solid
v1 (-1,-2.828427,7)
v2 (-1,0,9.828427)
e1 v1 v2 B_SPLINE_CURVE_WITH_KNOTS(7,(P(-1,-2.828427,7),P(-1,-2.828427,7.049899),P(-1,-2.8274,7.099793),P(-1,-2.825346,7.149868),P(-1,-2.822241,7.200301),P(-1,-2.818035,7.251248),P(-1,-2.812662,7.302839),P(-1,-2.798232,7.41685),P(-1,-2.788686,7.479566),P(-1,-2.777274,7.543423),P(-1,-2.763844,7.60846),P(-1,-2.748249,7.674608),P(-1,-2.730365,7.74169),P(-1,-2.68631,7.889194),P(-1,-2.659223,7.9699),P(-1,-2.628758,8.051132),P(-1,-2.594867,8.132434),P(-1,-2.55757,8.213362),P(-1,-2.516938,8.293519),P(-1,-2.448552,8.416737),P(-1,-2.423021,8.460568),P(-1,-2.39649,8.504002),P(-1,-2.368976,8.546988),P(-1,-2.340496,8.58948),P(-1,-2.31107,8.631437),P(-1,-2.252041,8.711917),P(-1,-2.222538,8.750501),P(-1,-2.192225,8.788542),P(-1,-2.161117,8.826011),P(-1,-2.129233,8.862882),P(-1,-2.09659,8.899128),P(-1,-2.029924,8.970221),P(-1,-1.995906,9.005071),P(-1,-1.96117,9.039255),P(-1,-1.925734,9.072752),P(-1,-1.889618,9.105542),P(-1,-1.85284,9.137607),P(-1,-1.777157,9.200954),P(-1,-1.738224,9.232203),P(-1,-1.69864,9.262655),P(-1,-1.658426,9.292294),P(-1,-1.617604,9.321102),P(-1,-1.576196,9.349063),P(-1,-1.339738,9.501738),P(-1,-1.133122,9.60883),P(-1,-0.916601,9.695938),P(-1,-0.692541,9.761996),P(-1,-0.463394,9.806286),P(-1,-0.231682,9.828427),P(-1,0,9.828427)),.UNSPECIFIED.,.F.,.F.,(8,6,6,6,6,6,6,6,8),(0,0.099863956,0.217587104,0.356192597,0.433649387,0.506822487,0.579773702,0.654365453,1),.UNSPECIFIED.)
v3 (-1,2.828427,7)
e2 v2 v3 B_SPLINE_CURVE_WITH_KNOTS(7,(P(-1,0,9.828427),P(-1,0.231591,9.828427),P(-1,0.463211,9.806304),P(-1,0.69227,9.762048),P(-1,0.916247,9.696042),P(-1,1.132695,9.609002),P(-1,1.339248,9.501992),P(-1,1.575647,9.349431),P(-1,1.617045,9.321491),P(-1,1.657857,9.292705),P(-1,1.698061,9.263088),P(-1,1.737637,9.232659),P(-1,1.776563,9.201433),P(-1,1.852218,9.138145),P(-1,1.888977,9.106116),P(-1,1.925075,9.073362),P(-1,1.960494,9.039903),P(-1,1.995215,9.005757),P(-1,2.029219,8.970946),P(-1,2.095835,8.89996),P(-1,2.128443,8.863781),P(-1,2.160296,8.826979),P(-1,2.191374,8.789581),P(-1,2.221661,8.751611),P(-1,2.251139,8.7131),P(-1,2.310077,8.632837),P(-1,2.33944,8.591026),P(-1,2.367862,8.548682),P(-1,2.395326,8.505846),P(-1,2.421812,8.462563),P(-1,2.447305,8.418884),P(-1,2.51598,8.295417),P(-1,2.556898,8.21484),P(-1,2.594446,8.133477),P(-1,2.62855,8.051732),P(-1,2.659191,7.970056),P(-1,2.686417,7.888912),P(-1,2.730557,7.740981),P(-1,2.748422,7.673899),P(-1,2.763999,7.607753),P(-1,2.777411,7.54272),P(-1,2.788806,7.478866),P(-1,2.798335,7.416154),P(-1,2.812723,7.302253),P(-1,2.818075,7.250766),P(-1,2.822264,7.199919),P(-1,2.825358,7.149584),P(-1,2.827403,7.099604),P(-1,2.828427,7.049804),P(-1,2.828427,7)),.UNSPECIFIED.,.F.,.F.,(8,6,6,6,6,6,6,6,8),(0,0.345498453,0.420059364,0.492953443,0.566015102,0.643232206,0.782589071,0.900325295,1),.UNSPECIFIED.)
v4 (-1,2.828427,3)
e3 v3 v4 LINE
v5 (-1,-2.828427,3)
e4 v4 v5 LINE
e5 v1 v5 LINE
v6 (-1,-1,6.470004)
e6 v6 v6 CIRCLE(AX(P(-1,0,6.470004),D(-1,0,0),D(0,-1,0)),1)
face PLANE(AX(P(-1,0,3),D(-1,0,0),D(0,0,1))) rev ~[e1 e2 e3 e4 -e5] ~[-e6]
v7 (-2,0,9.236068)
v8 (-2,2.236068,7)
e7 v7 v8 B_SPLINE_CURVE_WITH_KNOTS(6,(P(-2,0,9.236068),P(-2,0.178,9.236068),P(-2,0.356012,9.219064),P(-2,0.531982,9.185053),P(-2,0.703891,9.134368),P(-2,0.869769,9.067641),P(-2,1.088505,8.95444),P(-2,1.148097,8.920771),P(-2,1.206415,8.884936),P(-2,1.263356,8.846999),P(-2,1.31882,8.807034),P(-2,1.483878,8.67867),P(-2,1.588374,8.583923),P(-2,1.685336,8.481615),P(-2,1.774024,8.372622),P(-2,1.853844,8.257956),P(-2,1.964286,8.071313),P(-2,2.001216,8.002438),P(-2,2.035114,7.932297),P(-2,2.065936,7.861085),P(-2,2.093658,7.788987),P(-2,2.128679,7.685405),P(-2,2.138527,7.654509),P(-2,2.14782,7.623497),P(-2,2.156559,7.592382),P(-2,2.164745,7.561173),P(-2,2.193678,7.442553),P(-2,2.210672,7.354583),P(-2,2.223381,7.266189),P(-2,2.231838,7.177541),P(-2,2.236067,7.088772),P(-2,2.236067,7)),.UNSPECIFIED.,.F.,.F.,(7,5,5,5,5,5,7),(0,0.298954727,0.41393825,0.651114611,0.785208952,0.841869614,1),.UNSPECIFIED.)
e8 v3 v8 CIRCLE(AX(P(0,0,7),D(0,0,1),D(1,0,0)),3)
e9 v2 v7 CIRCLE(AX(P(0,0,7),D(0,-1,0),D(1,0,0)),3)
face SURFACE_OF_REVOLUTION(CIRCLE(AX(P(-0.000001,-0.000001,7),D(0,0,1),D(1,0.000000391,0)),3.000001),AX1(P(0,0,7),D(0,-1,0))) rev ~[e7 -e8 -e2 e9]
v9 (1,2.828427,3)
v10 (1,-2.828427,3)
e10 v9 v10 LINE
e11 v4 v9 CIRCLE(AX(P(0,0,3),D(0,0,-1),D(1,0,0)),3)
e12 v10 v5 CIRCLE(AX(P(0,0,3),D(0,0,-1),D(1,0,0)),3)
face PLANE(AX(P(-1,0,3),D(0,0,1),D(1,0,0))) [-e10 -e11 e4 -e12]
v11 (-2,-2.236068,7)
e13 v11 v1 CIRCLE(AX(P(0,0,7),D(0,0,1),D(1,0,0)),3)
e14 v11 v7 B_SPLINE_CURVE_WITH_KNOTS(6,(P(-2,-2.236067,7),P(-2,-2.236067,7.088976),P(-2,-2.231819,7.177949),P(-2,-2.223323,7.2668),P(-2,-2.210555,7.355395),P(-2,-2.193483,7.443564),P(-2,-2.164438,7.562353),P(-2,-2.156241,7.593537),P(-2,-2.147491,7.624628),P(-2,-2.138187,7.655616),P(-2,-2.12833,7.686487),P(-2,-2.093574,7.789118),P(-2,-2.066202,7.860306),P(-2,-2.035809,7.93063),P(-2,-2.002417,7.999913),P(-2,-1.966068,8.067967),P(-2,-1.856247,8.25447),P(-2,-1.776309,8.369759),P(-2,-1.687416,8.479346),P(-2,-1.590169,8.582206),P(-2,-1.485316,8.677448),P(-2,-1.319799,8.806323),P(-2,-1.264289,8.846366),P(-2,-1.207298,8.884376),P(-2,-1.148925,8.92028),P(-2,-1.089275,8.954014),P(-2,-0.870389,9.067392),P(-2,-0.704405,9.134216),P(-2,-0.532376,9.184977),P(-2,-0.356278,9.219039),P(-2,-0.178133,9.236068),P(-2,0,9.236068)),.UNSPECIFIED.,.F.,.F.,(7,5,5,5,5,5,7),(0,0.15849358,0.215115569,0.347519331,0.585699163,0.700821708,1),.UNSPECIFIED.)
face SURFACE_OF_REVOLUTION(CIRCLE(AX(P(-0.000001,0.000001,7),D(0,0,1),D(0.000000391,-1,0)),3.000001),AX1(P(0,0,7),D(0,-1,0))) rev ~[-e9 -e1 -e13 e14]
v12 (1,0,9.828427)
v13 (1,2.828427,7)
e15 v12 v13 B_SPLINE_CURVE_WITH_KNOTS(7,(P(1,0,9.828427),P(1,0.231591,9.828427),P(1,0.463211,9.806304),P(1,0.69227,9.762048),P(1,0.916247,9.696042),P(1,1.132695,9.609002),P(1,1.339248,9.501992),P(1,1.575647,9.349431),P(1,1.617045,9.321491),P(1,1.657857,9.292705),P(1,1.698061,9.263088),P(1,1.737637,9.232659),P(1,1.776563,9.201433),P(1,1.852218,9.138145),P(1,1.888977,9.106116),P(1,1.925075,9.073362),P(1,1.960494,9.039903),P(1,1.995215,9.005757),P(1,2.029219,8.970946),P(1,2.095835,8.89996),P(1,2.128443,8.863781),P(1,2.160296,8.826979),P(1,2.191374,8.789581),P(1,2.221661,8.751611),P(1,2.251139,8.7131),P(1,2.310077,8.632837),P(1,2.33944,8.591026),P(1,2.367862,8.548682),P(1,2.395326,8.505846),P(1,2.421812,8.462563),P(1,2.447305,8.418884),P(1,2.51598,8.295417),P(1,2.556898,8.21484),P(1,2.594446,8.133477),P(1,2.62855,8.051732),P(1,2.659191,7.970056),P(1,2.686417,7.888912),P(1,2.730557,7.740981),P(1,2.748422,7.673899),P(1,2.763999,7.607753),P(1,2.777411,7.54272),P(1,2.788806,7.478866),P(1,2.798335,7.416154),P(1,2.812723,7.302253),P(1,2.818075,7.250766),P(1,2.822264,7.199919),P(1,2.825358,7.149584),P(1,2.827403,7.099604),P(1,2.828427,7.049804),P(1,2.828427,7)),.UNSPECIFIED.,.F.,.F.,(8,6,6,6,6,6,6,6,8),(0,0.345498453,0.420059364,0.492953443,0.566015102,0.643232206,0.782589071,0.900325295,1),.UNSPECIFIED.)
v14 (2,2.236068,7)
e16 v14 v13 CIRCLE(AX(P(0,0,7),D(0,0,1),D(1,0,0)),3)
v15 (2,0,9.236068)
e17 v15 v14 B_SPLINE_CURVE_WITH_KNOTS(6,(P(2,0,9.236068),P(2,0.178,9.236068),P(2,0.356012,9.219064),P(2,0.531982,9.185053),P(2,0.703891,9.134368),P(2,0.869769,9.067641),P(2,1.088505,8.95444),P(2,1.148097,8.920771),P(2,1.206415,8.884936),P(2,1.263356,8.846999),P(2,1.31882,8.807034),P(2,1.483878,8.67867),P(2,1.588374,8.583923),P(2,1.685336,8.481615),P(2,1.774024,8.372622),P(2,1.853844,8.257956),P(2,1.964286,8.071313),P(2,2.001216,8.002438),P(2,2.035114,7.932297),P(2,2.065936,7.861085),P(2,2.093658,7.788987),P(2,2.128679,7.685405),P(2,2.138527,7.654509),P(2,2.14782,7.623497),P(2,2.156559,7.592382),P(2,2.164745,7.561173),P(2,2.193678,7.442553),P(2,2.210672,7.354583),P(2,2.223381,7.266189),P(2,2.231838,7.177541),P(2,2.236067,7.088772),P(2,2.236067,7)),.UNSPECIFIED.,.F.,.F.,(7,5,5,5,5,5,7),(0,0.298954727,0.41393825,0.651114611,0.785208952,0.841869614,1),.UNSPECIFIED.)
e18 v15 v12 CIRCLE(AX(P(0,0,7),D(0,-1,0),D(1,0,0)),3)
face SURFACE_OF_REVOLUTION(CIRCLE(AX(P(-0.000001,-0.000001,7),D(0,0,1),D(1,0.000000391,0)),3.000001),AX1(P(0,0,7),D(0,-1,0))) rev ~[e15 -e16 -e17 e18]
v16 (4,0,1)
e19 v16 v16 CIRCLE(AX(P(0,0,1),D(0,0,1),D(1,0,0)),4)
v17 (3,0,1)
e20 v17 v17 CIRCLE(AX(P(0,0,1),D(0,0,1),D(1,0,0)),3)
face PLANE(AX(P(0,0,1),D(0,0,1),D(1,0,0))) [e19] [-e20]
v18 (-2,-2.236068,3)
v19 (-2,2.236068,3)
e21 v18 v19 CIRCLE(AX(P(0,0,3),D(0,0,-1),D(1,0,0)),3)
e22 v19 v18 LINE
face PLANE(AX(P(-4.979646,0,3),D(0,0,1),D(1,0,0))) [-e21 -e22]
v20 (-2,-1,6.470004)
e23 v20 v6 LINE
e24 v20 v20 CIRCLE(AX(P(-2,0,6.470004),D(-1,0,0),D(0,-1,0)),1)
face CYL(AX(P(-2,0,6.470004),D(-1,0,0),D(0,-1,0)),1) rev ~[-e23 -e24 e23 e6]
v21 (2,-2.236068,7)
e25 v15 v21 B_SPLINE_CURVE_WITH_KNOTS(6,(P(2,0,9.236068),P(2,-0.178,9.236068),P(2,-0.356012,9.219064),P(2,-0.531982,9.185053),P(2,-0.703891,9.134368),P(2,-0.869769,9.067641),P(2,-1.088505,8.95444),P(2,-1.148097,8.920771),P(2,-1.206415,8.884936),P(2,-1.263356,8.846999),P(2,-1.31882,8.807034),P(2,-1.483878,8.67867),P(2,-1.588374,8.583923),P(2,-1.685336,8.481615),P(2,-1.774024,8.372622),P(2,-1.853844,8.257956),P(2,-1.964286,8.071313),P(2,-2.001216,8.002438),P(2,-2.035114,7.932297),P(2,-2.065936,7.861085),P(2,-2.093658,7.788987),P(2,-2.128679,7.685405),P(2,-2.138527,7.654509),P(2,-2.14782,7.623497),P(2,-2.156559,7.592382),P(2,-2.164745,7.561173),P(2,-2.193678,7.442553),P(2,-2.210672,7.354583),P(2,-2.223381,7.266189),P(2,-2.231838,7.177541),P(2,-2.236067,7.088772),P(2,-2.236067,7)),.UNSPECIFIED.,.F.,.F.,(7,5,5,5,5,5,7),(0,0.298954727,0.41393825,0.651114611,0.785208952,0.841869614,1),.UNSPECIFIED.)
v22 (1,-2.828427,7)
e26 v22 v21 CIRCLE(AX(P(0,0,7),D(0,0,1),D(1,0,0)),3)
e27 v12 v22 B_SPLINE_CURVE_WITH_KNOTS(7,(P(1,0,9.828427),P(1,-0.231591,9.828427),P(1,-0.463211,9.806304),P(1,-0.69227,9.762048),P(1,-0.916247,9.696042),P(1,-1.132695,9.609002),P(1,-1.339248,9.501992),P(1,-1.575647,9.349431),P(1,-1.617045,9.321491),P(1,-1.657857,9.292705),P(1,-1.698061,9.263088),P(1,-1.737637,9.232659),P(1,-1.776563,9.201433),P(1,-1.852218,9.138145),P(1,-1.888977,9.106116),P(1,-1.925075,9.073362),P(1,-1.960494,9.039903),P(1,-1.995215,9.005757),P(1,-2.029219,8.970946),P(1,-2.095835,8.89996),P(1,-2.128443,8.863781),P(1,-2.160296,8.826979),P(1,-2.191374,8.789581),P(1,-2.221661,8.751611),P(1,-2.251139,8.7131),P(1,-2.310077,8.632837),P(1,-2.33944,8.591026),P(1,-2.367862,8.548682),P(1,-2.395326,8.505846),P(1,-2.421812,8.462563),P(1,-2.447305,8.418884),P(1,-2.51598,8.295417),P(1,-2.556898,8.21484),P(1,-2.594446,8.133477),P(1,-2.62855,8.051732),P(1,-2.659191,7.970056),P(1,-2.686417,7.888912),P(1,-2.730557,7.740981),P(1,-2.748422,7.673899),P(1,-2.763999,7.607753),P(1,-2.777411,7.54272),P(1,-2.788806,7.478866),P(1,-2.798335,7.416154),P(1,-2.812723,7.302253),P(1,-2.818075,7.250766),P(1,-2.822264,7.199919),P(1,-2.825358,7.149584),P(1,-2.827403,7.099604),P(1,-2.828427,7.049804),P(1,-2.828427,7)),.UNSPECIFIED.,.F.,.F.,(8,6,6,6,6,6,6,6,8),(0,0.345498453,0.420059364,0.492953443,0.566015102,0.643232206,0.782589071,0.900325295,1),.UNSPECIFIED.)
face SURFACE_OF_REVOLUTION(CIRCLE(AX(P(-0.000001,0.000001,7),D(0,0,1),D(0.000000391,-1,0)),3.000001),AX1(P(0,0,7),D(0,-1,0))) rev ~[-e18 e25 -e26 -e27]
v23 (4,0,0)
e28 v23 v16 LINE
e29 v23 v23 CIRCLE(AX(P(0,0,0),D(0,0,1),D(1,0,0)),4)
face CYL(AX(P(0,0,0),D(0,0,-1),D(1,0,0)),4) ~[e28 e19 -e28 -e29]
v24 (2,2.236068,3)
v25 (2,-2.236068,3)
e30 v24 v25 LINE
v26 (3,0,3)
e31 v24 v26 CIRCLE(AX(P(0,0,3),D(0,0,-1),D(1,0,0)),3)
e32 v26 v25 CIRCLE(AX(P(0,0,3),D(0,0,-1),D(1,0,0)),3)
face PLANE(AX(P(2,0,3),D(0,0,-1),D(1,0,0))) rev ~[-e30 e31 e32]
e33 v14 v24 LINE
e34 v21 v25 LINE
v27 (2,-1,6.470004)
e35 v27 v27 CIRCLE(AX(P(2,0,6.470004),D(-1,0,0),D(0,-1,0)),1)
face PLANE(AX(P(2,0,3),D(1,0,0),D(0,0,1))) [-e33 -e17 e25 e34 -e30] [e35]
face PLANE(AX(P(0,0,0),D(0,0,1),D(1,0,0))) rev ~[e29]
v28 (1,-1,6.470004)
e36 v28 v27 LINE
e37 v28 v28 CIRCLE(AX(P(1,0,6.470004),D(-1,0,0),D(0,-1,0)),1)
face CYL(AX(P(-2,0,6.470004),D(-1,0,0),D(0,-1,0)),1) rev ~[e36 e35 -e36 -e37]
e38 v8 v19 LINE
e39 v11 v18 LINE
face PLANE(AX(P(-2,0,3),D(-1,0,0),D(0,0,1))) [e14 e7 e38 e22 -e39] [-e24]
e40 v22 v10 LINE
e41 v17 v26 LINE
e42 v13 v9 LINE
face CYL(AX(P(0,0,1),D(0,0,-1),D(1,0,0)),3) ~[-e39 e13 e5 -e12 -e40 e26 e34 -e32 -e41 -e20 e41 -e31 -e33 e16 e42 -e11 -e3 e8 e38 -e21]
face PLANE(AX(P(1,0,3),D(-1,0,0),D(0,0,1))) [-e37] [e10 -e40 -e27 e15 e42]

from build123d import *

# Parameters (mm, degrees)
F0_R     = 4
F1_DEPTH = 1
F2_R     = 3
F3_DEPTH = 6
F6_W     = 2
F6_H     = 8.928134
F6_W_2   = 2.979646
F7_DEPTH = 12.5
F8_R     = 1
F9_DEPTH = 6.001


with BuildPart() as f1:
    # F0 (on Top) → F1 (new body)
    with BuildSketch(Plane.XY):
        Circle(F0_R)
    extrude(amount=F1_DEPTH)

    # F2 (on face) → F3 (join)
    with BuildSketch(Plane.XY.offset(1)):
        Circle(F2_R)
    extrude(amount=F3_DEPTH)

    # F4 (on face) → F5 (revolve)
    with BuildSketch(Plane.XY.offset(7)):
        with BuildLine():
            ThreePointArc((0, -3), (2.12132, -2.12132), (3, 0))
            ThreePointArc((3, 0), (2.12132, 2.12132), (0, 3))
            Line((0, 3), (0, -3))
        make_face()
    revolve(axis=Axis((0, 0, 7), (0, -1, 0)))

    # F6 (on Front) → F7 (cut, symmetric)
    with BuildSketch(Plane.XZ):
        with Locations((0, 7.464067)):
            Rectangle(F6_W, F6_H)
        with Locations((-3.489823, 7.464067)):
            Rectangle(F6_W_2, F6_H)
        with Locations((3.489823, 7.464067)):
            Rectangle(F6_W_2, F6_H)
    extrude(amount=F7_DEPTH, both=True, mode=Mode.SUBTRACT)

    # F8 (on face) → F9 (cut, through all)
    with BuildSketch(Plane(origin=(-2, 0, 0), x_dir=(0, -1, 0), z_dir=(-1, 0, 0))):
        with Locations((0, 6.470004)):
            Circle(F8_R)
    extrude(amount=-F9_DEPTH, mode=Mode.SUBTRACT)


solid = f1.part
